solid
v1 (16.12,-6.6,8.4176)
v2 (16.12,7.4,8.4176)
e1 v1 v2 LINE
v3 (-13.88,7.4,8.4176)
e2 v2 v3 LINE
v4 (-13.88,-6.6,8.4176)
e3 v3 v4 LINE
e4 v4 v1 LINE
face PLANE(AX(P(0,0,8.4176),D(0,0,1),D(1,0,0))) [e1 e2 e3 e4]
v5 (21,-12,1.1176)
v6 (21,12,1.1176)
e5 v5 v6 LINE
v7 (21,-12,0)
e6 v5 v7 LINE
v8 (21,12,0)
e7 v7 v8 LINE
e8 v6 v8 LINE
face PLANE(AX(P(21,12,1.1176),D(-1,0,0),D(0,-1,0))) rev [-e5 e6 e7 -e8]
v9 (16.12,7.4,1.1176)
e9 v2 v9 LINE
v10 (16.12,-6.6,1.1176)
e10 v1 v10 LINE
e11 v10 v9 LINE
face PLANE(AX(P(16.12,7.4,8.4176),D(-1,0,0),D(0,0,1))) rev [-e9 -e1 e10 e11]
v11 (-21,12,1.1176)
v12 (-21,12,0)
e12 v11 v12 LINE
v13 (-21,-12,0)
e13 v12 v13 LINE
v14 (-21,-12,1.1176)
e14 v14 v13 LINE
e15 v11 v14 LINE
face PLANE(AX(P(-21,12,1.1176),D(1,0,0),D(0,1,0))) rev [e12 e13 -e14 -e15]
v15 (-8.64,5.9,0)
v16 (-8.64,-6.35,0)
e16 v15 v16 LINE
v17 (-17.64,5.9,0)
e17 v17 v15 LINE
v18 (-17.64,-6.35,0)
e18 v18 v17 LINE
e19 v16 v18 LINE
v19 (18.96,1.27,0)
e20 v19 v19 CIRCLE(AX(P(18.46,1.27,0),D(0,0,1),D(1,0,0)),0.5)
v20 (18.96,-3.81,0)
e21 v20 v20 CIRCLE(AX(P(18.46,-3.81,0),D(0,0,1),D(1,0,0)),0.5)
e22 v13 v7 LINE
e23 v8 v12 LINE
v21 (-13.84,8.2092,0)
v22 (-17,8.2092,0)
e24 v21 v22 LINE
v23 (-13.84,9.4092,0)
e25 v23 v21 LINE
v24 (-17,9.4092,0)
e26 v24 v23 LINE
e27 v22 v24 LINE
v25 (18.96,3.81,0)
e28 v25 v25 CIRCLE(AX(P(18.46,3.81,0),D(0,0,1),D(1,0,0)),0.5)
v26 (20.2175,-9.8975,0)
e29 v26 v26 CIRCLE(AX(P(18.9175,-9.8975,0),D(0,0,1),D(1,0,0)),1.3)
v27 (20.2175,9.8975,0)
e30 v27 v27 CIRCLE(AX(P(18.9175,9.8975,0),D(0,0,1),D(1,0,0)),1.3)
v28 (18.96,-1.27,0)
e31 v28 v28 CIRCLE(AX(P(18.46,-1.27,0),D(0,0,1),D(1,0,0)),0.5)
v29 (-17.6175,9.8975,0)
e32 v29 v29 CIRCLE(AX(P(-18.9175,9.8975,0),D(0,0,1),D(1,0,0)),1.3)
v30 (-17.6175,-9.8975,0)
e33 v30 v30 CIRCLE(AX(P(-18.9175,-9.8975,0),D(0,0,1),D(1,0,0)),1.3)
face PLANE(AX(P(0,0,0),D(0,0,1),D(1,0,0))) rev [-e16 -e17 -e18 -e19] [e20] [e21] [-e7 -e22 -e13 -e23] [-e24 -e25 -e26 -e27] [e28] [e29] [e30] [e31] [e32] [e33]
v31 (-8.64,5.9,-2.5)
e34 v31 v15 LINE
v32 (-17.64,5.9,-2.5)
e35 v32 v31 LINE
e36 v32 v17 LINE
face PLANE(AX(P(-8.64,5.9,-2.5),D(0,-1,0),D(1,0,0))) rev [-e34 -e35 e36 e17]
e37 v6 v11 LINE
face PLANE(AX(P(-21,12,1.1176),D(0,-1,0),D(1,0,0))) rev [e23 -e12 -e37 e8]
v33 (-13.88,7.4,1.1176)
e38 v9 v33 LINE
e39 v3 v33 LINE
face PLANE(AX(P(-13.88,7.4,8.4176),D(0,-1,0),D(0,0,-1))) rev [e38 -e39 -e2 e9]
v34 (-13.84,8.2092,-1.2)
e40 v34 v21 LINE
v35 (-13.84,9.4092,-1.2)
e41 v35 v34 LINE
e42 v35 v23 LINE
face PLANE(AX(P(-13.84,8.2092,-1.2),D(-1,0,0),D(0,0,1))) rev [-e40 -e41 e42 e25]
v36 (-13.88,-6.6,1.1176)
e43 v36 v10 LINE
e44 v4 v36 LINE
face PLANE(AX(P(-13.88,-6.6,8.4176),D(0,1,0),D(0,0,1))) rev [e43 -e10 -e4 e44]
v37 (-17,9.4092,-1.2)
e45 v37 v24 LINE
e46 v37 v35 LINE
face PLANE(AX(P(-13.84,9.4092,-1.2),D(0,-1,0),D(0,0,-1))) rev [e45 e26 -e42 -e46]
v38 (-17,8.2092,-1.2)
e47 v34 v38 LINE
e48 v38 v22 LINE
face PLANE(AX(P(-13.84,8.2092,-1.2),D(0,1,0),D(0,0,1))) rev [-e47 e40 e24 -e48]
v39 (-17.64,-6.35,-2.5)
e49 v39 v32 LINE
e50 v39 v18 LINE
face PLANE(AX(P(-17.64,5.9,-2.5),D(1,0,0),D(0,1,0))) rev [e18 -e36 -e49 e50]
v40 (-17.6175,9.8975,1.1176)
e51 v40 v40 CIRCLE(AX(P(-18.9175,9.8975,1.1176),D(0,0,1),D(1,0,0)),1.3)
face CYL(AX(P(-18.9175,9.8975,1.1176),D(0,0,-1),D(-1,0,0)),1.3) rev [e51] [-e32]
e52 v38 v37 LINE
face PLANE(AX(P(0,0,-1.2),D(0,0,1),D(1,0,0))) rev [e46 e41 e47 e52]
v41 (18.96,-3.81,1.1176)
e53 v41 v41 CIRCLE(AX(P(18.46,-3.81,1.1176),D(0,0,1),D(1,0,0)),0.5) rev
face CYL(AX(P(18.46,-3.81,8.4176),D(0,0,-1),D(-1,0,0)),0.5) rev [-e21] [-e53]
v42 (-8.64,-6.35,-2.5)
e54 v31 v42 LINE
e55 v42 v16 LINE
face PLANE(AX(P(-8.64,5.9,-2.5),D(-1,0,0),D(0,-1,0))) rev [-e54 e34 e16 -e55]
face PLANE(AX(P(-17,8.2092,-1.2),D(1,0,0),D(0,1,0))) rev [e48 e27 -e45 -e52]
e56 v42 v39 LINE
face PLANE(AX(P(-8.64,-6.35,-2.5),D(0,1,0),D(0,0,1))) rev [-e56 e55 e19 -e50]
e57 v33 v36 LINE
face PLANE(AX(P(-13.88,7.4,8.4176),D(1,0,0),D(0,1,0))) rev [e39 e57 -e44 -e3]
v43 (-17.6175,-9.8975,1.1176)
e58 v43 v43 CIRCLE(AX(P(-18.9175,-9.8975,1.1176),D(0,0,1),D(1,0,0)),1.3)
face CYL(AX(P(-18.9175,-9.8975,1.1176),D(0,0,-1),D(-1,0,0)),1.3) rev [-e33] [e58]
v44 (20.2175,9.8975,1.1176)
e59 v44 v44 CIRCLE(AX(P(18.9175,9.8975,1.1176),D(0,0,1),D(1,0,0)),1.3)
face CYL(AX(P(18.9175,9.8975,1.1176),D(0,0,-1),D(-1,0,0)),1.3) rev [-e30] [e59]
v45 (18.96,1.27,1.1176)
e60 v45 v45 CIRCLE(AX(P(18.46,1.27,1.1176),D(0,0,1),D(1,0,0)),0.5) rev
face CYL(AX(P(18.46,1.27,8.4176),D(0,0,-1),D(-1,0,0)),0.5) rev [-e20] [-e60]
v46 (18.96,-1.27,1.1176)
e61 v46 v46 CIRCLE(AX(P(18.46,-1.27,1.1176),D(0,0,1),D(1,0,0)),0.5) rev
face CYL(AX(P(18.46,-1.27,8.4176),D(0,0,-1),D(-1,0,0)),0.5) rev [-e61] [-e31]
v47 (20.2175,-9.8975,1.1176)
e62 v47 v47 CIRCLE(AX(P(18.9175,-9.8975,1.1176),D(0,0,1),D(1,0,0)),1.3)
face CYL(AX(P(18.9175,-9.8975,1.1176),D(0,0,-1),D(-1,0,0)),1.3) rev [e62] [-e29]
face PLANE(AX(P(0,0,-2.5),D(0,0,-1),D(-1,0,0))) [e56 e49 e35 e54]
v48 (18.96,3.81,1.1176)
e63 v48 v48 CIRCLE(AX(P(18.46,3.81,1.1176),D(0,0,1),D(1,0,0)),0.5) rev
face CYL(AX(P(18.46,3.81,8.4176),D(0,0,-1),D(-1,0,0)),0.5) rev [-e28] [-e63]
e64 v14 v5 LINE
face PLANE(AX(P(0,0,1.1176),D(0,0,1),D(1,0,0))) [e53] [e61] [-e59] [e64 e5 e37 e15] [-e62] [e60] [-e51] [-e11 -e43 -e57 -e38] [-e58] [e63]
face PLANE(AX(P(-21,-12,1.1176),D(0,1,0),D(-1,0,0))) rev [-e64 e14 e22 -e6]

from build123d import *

# Parameters (mm, degrees)
SKETCH1_W           = 42
SKETCH1_H           = 24
BOSS_EXTRUDE1_DEPTH = 1.1176
SKETCH2_R           = 1.3
CUT_EXTRUDE1_DEPTH  = 25.21257999
SKETCH3_W           = 30
SKETCH3_H           = 14
BOSS_EXTRUDE2_DEPTH = 7.3
SKETCH4_R           = 0.5
CUT_EXTRUDE2_DEPTH  = 26.609685468
SKETCH5_W           = 9
SKETCH5_H           = 12.25
BOSS_EXTRUDE3_DEPTH = 2.5
SKETCH6_W           = 3.16
SKETCH6_H           = 1.2
BOSS_EXTRUDE4_DEPTH = 1.2


with BuildPart() as part:
    # Sketch1 → Boss-Extrude1 (new body)
    with BuildSketch(Plane.XY):
        Rectangle(SKETCH1_W, SKETCH1_H)
    extrude(amount=BOSS_EXTRUDE1_DEPTH)

    # Sketch2 → Cut-Extrude1 (cut, through all)
    with BuildSketch(Plane.XY):
        with Locations((-18.9175, 9.8975)):
            Circle(SKETCH2_R)
        with Locations((-18.9175, -9.8975)):
            Circle(SKETCH2_R)
        with Locations((18.9175, -9.8975)):
            Circle(SKETCH2_R)
        with Locations((18.9175, 9.8975)):
            Circle(SKETCH2_R)
    extrude(amount=CUT_EXTRUDE1_DEPTH, mode=Mode.SUBTRACT)

    # Sketch3 → Boss-Extrude2 (add)
    with BuildSketch(Plane.XY.offset(1.1176)):
        with Locations((1.12, 0.4)):
            Rectangle(SKETCH3_W, SKETCH3_H)
    extrude(amount=BOSS_EXTRUDE2_DEPTH)

    # Sketch4 → Cut-Extrude2 (cut, through all)
    with BuildSketch(Plane.XY):
        with Locations((18.46, 3.81)):
            Circle(SKETCH4_R)
        with Locations((18.46, 1.27)):
            Circle(SKETCH4_R)
        with Locations((18.46, -1.27)):
            Circle(SKETCH4_R)
        with Locations((18.46, -3.81)):
            Circle(SKETCH4_R)
    extrude(amount=CUT_EXTRUDE2_DEPTH, mode=Mode.SUBTRACT)

    # Sketch5 → Boss-Extrude3 (add)
    with BuildSketch(Plane(origin=(0, 0, 0), x_dir=(-1, 0, 0), z_dir=(0, 0, -1))):
        with Locations((13.14, -0.225)):
            Rectangle(SKETCH5_W, SKETCH5_H)
    extrude(amount=BOSS_EXTRUDE3_DEPTH)

    # Sketch6 → Boss-Extrude4 (add)
    with BuildSketch(Plane(origin=(0, 0, 0), x_dir=(-1, 0, 0), z_dir=(0, 0, -1))):
        with Locations((15.42, 8.8092)):
            Rectangle(SKETCH6_W, SKETCH6_H)
    extrude(amount=BOSS_EXTRUDE4_DEPTH)


solid = part.part
